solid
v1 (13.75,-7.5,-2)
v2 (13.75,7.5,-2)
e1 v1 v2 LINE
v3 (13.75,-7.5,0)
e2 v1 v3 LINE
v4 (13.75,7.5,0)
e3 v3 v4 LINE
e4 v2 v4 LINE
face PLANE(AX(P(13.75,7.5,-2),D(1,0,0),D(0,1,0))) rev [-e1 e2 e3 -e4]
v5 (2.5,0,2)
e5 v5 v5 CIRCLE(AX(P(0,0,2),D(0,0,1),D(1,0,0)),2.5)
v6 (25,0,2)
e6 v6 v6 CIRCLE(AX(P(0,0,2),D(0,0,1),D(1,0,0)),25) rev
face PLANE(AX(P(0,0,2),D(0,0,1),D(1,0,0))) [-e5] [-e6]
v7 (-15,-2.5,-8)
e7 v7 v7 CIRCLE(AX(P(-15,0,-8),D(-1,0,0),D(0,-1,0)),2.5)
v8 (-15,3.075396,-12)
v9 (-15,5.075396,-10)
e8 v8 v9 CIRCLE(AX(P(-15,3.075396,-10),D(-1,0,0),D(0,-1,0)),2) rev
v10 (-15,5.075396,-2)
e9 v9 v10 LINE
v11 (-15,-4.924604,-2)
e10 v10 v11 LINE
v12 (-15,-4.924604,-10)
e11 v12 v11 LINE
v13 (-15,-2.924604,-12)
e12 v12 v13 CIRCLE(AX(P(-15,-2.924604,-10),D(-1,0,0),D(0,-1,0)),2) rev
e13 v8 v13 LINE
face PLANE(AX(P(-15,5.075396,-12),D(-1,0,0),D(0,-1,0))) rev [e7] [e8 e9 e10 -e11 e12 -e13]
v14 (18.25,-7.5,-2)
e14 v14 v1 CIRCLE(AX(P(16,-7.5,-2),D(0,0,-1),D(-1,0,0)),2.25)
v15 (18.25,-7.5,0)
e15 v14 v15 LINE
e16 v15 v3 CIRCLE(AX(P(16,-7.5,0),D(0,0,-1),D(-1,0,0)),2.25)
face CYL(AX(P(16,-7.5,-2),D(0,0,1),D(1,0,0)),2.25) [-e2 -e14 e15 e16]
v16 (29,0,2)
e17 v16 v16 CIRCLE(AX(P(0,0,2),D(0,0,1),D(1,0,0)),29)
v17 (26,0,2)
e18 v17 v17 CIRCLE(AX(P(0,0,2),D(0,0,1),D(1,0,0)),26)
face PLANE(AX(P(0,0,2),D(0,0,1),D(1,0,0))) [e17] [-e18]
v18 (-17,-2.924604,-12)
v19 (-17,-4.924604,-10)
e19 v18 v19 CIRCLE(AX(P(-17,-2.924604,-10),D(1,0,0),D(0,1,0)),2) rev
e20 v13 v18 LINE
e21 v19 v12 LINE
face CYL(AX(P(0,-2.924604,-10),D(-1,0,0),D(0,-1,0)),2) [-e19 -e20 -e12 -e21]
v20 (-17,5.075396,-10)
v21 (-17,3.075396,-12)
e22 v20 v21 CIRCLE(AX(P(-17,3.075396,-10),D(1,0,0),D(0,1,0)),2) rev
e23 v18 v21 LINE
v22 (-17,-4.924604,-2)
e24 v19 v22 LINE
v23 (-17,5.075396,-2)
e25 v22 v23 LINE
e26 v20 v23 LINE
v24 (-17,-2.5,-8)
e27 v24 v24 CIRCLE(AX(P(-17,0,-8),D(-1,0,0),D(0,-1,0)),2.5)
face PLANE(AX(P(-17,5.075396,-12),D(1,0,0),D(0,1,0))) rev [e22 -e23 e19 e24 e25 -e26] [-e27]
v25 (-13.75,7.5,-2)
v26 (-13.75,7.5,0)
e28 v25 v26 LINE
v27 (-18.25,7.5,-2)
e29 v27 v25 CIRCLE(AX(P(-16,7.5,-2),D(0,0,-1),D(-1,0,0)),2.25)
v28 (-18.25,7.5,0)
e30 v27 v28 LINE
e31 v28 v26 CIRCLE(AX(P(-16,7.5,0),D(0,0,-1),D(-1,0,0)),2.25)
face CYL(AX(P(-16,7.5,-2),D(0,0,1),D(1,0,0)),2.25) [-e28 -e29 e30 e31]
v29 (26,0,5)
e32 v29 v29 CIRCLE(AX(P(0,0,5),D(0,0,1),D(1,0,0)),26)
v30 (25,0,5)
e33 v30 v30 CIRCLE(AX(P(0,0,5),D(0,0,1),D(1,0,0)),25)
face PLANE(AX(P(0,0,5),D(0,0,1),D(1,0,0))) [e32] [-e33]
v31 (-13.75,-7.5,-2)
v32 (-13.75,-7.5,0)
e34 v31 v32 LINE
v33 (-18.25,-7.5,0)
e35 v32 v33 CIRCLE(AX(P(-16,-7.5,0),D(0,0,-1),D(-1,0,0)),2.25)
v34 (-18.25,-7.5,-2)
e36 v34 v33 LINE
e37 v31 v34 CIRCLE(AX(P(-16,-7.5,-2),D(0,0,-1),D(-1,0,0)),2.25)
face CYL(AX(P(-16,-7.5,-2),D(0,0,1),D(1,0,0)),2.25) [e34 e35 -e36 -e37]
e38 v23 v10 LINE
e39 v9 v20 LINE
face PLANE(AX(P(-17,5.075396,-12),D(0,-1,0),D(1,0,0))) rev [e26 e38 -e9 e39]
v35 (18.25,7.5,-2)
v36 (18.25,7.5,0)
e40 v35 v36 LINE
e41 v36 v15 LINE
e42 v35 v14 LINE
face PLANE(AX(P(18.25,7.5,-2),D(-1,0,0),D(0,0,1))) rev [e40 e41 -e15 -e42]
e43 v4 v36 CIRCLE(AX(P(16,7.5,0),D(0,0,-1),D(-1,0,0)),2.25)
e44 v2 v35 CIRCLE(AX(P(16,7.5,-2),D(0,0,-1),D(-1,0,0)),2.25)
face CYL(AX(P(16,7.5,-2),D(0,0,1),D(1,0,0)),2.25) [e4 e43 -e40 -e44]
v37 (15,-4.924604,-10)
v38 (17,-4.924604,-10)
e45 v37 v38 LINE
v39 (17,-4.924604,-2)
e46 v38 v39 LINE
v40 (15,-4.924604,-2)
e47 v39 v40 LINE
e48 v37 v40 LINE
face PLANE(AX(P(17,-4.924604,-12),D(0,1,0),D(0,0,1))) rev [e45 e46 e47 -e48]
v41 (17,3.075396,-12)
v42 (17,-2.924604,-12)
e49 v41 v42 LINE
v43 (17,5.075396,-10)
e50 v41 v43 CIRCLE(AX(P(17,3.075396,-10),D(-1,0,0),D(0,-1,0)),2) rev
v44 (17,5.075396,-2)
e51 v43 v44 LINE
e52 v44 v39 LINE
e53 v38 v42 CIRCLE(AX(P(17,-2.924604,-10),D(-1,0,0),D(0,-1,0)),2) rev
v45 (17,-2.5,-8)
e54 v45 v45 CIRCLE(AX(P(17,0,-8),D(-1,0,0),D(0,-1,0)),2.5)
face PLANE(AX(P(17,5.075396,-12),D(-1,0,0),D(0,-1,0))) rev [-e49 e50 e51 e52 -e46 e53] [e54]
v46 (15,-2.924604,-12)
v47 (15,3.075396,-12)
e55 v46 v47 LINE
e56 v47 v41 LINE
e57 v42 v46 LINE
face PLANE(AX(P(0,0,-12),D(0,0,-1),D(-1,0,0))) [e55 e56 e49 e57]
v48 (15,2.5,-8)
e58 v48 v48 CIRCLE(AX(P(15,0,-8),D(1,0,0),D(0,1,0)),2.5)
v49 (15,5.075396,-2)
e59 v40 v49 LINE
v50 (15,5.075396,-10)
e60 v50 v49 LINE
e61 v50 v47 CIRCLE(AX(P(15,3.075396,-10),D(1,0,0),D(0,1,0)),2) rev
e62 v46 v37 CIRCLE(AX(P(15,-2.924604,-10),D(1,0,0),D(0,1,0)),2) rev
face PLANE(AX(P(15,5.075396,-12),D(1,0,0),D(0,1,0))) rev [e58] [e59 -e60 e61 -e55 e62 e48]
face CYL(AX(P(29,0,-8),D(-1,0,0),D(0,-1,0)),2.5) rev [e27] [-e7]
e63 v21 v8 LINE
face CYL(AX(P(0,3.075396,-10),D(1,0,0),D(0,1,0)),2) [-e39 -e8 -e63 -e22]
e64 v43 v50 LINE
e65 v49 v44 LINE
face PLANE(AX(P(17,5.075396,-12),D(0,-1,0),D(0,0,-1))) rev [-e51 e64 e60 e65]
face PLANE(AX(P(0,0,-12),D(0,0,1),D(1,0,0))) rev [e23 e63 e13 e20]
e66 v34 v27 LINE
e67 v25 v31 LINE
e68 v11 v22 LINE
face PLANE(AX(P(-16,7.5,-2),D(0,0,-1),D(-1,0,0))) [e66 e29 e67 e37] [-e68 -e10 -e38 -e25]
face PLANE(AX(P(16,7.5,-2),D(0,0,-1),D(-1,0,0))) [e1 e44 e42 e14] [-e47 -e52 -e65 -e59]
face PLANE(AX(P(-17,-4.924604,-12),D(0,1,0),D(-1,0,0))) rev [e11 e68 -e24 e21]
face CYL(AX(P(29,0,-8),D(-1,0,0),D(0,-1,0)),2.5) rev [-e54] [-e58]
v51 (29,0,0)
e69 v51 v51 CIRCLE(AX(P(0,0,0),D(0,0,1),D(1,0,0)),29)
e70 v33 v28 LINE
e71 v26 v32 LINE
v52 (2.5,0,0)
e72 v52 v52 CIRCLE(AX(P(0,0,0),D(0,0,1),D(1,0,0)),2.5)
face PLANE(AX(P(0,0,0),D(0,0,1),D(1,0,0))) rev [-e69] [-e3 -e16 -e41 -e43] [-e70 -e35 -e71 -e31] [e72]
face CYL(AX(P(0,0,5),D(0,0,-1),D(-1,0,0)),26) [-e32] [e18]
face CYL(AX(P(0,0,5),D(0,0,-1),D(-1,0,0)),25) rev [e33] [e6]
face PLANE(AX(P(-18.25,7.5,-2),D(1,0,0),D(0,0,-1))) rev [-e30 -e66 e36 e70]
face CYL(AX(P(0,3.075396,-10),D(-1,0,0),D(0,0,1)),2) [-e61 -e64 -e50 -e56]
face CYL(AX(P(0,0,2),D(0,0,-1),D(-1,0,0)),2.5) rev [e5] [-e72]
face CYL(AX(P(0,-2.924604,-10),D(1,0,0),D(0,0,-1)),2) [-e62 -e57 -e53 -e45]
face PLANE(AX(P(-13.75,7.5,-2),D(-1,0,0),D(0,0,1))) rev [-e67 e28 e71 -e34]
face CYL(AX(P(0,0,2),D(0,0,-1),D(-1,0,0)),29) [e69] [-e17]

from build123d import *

# Parameters (mm, degrees)
SKETCH1_R           = 29
SKETCH1_R_2         = 2.5
BOSS_EXTRUDE1_DEPTH = 2
SKETCH2_R           = 26
SKETCH2_R_2         = 25
BOSS_EXTRUDE2_DEPTH = 3
BOSS_EXTRUDE3_DEPTH = 2
SKETCH4_W           = 2
SKETCH4_H           = 10
BOSS_EXTRUDE4_DEPTH = 10
FILLET1_R           = 2
SKETCH5_R           = 2.5
CUT_EXTRUDE1_DEPTH  = 56.686623169


with BuildPart() as part:
    # Sketch1 → Boss-Extrude1 (new body)
    with BuildSketch(Plane.XY):
        Circle(SKETCH1_R)
        Circle(SKETCH1_R_2, mode=Mode.SUBTRACT)
    extrude(amount=BOSS_EXTRUDE1_DEPTH)

    # Sketch2 → Boss-Extrude2 (add)
    with BuildSketch(Plane.XY.offset(2)):
        Circle(SKETCH2_R)
        Circle(SKETCH2_R_2, mode=Mode.SUBTRACT)
    extrude(amount=BOSS_EXTRUDE2_DEPTH)

    # Sketch3 → Boss-Extrude3 (add)
    with BuildSketch(Plane(origin=(0, 0, 0), x_dir=(-1, 0, 0), z_dir=(0, 0, -1))):
        with BuildLine():
            Line((-13.75, 7.5), (-13.75, -7.5))
            ThreePointArc((-13.75, -7.5), (-16, -9.75), (-18.25, -7.5))
            Line((-18.25, -7.5), (-18.25, 7.5))
            ThreePointArc((-18.25, 7.5), (-16, 9.75), (-13.75, 7.5))
        make_face()
        with BuildLine():
            Line((18.25, 7.5), (18.25, -7.5))
            ThreePointArc((18.25, -7.5), (16, -9.75), (13.75, -7.5))
            Line((13.75, -7.5), (13.75, 7.5))
            ThreePointArc((13.75, 7.5), (16, 9.75), (18.25, 7.5))
        make_face()
    extrude(amount=BOSS_EXTRUDE3_DEPTH)

    # Sketch4 → Boss-Extrude4 (add)
    with BuildSketch(Plane(origin=(0, 0, -2), x_dir=(-1, 0, 0), z_dir=(0, 0, -1))):
        with Locations((-16, 0.07539605)):
            Rectangle(SKETCH4_W, SKETCH4_H)
        with Locations((16, 0.07539605)):
            Rectangle(SKETCH4_W, SKETCH4_H)
    extrude(amount=BOSS_EXTRUDE4_DEPTH)

    # Fillet1
    fillet1_edges = [part.edges().sort_by_distance(p)[0] for p in [
        (16, 5.07539605, -12),
        (16, -4.92460395, -12),
        (-16, 5.07539605, -12),
        (-16, -4.92460395, -12),
    ]]
    fillet(fillet1_edges, radius=FILLET1_R)

    # Sketch5 → Cut-Extrude1 (cut, through all)
    with BuildSketch(Plane.ZY.offset(17)):
        with Locations(Location((-8, 0, 0), (0, 0, 270))):
            Circle(SKETCH5_R)
    extrude(amount=-CUT_EXTRUDE1_DEPTH, mode=Mode.SUBTRACT)


solid = part.part
